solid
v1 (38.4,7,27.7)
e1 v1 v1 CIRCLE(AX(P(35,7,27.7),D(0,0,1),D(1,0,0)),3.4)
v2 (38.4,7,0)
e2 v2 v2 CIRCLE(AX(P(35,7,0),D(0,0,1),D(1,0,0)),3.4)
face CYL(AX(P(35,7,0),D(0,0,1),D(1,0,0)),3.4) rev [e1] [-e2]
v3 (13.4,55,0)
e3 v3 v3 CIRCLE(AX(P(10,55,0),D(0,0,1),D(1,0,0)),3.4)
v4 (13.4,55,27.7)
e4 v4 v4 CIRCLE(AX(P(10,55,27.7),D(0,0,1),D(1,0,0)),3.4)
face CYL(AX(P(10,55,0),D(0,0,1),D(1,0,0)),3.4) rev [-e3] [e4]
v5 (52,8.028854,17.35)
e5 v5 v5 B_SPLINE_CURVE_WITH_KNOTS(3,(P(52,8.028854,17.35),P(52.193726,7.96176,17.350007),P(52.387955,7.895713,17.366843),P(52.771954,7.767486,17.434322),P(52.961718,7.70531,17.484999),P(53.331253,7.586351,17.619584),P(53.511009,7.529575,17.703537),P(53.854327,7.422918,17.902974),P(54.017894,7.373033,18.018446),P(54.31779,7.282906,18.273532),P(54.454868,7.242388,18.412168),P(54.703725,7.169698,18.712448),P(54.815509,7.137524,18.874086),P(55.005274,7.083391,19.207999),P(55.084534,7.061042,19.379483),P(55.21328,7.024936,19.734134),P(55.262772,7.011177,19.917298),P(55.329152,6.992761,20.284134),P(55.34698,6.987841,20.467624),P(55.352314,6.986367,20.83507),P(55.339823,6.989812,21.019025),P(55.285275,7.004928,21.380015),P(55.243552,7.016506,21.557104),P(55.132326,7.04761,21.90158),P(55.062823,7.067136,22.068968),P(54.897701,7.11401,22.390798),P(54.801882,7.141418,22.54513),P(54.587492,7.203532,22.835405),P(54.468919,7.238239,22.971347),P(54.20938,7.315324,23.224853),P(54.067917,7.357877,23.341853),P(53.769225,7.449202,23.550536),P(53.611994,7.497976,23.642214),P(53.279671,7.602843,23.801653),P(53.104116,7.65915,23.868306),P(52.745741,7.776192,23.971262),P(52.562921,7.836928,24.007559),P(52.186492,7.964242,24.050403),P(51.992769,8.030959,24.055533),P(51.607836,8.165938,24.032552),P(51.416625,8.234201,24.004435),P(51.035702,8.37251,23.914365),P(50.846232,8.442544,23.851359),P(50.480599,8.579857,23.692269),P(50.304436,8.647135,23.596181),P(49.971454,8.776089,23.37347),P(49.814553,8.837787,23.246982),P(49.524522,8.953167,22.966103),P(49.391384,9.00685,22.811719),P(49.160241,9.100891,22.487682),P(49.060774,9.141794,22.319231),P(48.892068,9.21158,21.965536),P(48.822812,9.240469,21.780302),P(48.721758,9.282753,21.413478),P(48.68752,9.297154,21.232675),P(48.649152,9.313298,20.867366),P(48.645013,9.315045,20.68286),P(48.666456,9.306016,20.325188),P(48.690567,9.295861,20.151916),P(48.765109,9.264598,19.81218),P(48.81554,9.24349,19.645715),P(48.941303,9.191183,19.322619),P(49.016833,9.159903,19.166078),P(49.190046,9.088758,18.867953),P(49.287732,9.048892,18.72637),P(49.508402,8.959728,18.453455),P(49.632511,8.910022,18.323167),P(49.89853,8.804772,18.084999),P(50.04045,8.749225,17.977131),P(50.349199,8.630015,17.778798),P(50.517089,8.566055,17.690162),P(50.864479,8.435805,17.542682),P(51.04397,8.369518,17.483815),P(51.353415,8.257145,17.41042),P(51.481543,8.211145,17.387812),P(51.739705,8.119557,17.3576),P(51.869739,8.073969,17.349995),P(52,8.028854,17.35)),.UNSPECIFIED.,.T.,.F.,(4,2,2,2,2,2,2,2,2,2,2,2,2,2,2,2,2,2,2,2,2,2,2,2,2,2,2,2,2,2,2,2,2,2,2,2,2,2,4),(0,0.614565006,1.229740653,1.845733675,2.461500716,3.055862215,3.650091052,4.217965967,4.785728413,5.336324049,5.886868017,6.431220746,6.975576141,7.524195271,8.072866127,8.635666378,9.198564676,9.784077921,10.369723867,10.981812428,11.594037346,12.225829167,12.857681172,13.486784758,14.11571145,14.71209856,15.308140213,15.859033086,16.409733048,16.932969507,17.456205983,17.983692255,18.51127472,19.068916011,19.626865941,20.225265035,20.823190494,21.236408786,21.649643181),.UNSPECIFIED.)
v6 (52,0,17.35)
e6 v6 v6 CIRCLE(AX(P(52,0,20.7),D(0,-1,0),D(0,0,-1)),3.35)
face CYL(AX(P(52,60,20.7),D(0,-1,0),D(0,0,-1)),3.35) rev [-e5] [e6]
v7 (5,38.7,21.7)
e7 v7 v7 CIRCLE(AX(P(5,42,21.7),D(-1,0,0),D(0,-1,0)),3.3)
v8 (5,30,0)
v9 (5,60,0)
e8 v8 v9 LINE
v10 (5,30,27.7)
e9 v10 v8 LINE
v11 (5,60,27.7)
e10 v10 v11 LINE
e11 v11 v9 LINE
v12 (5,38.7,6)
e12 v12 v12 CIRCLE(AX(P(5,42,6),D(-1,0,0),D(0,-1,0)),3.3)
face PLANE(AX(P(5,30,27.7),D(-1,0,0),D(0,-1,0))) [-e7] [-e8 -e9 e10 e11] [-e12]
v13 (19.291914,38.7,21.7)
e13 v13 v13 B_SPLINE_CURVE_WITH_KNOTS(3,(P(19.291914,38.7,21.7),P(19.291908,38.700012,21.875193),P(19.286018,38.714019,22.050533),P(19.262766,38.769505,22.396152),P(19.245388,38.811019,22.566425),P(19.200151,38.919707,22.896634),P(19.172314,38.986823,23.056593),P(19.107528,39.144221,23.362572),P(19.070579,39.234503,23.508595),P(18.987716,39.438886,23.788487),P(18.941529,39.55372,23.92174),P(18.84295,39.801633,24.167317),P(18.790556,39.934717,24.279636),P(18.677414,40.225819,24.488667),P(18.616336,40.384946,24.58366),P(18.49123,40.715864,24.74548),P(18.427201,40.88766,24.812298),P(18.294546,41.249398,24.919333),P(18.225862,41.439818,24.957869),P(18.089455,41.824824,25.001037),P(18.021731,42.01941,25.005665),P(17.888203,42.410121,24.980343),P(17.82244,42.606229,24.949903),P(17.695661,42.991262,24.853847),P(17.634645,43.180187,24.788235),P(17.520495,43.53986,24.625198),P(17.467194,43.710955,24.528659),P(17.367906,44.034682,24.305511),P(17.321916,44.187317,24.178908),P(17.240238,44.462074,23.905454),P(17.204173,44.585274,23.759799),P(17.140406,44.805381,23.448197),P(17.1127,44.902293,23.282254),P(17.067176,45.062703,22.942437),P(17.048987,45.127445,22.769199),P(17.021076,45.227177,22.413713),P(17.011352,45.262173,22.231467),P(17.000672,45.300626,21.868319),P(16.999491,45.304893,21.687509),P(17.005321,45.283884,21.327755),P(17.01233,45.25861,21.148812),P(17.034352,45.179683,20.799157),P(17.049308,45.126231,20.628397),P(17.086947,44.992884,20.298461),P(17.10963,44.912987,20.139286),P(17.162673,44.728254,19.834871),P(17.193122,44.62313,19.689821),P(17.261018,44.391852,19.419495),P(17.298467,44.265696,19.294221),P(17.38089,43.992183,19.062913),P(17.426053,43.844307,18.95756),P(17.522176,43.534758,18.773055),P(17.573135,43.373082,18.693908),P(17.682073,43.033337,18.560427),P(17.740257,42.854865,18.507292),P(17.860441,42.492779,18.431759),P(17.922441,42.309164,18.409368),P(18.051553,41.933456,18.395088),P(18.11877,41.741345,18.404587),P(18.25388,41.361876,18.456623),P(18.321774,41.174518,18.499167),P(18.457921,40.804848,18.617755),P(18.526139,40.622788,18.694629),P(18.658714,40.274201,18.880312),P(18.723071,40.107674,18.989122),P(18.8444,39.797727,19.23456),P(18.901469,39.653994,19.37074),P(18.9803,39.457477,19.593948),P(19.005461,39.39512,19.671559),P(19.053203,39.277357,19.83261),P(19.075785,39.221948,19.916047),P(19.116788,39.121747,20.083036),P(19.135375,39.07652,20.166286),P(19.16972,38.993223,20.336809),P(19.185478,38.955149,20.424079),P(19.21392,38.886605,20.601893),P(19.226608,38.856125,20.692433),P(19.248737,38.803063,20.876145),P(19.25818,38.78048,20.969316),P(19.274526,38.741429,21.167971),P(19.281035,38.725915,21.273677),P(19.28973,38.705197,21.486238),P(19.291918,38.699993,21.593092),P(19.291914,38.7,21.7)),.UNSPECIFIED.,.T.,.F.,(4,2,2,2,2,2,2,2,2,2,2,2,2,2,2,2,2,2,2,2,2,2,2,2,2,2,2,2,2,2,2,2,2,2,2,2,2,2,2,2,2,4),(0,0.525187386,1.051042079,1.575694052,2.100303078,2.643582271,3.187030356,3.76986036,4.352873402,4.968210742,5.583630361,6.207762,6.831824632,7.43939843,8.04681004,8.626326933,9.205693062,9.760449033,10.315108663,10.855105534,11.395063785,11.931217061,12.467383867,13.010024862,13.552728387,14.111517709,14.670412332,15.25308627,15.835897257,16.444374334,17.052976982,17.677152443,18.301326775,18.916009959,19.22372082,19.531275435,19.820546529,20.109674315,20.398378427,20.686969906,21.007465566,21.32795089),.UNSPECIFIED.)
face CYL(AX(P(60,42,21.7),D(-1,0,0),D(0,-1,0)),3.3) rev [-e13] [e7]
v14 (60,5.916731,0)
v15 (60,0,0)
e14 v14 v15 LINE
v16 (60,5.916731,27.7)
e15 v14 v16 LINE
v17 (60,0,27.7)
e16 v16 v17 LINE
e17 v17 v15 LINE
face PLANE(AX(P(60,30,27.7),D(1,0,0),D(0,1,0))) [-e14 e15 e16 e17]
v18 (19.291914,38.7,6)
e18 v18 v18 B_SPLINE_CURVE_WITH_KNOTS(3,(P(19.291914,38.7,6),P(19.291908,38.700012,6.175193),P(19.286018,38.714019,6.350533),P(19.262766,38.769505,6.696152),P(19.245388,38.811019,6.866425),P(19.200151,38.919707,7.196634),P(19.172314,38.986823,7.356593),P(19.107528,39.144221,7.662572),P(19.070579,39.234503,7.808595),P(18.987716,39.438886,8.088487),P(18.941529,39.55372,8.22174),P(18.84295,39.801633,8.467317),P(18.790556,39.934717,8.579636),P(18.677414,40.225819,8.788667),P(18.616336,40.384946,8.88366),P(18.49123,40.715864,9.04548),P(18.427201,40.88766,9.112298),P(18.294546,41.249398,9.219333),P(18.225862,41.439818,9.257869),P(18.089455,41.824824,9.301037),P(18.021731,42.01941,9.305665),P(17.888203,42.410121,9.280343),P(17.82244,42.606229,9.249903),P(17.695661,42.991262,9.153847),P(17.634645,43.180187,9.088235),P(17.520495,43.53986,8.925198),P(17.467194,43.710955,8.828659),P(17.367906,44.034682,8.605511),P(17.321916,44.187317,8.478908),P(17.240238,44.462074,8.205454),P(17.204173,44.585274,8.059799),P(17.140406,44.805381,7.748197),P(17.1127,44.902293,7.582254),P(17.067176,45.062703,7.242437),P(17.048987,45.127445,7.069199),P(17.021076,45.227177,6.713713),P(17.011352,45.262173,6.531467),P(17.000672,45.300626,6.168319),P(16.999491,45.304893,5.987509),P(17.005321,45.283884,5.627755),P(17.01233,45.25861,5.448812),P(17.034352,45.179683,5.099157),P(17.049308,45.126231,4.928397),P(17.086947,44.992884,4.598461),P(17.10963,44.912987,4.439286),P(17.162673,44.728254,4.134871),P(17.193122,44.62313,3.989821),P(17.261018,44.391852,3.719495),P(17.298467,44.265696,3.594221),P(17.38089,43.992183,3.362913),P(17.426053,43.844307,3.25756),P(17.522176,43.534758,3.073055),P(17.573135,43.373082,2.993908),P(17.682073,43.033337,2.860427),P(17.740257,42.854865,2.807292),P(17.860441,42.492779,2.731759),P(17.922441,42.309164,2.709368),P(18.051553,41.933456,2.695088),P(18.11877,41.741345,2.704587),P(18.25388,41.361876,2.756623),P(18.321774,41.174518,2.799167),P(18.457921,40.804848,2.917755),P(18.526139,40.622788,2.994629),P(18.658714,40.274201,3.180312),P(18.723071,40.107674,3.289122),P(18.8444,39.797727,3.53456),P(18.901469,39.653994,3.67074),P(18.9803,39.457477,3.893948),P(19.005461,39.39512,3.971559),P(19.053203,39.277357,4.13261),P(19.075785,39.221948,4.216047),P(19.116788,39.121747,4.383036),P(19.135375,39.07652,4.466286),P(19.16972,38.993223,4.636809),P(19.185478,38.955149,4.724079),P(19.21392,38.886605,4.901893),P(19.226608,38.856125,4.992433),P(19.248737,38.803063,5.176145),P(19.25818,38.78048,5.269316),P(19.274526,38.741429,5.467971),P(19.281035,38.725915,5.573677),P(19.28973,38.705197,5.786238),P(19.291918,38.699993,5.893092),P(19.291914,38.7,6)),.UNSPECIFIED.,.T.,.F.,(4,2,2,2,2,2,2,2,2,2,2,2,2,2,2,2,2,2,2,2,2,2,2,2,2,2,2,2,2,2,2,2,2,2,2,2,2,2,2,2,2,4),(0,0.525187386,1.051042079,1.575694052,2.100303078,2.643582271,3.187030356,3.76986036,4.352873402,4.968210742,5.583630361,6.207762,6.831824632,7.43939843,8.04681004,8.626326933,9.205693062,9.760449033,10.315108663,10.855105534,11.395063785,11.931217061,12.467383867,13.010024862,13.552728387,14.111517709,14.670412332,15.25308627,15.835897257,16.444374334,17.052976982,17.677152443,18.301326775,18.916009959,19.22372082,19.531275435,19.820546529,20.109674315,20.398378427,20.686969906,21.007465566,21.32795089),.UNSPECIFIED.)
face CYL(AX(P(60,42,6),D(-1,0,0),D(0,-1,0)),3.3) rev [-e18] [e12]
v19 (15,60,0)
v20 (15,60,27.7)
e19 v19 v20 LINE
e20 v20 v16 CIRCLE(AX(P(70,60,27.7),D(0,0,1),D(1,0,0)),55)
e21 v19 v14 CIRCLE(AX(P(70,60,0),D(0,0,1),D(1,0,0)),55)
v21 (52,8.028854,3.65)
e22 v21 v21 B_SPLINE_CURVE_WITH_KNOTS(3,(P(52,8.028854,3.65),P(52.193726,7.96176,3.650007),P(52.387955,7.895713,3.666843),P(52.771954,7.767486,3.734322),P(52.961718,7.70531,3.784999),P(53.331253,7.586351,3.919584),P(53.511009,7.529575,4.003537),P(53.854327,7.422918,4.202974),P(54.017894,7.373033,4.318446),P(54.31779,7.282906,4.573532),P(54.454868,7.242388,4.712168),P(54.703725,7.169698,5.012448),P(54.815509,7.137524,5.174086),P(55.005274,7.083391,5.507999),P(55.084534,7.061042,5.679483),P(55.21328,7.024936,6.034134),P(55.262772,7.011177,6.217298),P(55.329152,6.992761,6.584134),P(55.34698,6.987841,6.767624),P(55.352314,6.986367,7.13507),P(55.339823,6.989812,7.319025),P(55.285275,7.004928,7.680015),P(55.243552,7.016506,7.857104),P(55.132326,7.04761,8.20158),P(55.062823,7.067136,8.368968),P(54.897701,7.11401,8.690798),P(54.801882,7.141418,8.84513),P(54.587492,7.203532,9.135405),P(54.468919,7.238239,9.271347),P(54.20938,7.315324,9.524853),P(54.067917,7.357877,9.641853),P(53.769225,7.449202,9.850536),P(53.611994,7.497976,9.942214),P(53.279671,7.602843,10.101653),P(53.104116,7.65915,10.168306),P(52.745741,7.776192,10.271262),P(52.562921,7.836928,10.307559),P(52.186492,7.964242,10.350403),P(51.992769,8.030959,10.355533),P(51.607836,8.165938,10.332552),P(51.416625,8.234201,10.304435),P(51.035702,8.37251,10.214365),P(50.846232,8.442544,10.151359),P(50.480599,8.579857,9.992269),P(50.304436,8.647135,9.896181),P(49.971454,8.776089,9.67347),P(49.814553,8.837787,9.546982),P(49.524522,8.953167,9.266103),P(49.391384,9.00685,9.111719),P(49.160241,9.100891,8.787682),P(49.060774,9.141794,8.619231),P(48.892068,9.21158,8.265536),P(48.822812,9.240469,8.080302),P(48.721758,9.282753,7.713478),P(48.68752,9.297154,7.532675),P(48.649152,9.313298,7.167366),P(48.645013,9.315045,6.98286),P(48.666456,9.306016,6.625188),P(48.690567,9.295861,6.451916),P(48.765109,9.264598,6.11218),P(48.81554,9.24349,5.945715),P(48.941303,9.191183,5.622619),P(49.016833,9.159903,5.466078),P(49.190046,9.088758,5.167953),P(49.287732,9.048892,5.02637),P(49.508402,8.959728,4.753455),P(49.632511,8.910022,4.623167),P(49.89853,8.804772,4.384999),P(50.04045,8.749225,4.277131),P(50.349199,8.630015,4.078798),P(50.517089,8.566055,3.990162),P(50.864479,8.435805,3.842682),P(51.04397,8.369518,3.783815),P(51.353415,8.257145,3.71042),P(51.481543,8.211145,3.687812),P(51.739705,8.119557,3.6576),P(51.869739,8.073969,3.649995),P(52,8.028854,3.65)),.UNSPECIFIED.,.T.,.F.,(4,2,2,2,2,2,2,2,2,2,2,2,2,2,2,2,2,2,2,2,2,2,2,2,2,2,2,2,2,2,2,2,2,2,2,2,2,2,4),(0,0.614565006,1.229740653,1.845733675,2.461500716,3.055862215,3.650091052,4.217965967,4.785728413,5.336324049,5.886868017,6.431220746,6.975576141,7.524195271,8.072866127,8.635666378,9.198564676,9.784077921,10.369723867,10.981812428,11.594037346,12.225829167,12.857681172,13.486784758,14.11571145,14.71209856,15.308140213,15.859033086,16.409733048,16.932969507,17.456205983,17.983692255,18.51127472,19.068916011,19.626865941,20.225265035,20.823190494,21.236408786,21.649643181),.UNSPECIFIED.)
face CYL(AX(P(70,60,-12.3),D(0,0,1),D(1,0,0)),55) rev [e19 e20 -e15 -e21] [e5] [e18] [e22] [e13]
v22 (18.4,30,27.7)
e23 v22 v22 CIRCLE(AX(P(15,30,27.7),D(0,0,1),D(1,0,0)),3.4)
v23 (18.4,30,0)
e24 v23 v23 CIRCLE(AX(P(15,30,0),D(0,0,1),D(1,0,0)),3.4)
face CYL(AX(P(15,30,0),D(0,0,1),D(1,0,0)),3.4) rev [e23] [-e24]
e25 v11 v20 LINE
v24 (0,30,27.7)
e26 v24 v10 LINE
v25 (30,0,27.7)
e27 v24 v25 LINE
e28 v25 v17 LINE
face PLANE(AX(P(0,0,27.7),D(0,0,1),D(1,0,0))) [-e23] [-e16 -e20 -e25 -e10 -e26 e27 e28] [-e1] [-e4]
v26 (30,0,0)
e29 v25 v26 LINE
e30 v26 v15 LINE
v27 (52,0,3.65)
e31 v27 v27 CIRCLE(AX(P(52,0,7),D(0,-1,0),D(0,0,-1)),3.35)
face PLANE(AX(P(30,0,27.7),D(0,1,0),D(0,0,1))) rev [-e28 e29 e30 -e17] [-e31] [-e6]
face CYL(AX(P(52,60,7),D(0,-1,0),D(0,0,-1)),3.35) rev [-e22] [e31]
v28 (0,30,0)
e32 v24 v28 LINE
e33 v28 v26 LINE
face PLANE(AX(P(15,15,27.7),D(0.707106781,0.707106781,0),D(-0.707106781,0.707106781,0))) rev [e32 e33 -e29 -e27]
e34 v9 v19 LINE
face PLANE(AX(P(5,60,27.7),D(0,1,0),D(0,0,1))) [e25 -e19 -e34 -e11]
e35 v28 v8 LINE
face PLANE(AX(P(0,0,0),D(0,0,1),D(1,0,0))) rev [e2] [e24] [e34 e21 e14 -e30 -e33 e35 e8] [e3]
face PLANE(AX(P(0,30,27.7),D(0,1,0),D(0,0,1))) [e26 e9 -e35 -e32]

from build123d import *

# Parameters (mm, degrees)
SKETCH_1_W          = 30
SKETCH_1_H          = 30
SKETCH_1_W_2        = 25
EXTRUDE_1_DEPTH     = 27.7
SKETCH_3_R          = 55
CUT_EXTRUDE_1_DEPTH = 40
SKETCH_4_R          = 3.4
CUT_EXTRUDE_2_DEPTH = 90.259677346
SKETCH_5_R          = 3.3
CUT_EXTRUDE_3_DEPTH = 86.978427527
SKETCH_6_R          = 3.35
CUT_EXTRUDE_4_DEPTH = 90.259677512


with BuildPart() as part:
    # 草图1 → 凸台-拉伸1 (new body)
    with BuildSketch(Plane.XY):
        Polygon((0, 30), (30, 0), (30, 30), align=None)
        with Locations((45, 15)):
            Rectangle(SKETCH_1_W, SKETCH_1_H)
        with Locations((17.5, 45)):
            Rectangle(SKETCH_1_W_2, SKETCH_1_H)
    extrude(amount=EXTRUDE_1_DEPTH)

    # 草图3 → 切除-拉伸1 (cut)
    with BuildSketch(Plane.XY.offset(27.7)):
        with Locations((70, 60)):
            Circle(SKETCH_3_R)
    extrude(amount=-CUT_EXTRUDE_1_DEPTH, mode=Mode.SUBTRACT)

    # 草图4 → 切除-拉伸2 (cut, through all)
    with BuildSketch(Plane.XY.offset(27.7)):
        with Locations((35, 7)):
            Circle(SKETCH_4_R)
        with Locations((10, 55)):
            Circle(SKETCH_4_R)
        with Locations((15, 30)):
            Circle(SKETCH_4_R)
    extrude(amount=-CUT_EXTRUDE_2_DEPTH, mode=Mode.SUBTRACT)

    # 草图5 → 切除-拉伸3 (cut, through all)
    with BuildSketch(Plane.ZY.offset(-5)):
        with Locations(Location((6, 42, 0), (0, 0, 270))):
            Circle(SKETCH_5_R)
        with Locations(Location((21.7, 42, 0), (0, 0, 270))):
            Circle(SKETCH_5_R)
    extrude(amount=-CUT_EXTRUDE_3_DEPTH, mode=Mode.SUBTRACT)

    # 草图6 → 切除-拉伸4 (cut, through all)
    with BuildSketch(Plane.XZ):
        with Locations(Location((52, 20.7, 0), (0, 0, 270))):
            Circle(SKETCH_6_R)
        with Locations(Location((52, 7, 0), (0, 0, 270))):
            Circle(SKETCH_6_R)
    extrude(amount=-CUT_EXTRUDE_4_DEPTH, mode=Mode.SUBTRACT)


solid = part.part
